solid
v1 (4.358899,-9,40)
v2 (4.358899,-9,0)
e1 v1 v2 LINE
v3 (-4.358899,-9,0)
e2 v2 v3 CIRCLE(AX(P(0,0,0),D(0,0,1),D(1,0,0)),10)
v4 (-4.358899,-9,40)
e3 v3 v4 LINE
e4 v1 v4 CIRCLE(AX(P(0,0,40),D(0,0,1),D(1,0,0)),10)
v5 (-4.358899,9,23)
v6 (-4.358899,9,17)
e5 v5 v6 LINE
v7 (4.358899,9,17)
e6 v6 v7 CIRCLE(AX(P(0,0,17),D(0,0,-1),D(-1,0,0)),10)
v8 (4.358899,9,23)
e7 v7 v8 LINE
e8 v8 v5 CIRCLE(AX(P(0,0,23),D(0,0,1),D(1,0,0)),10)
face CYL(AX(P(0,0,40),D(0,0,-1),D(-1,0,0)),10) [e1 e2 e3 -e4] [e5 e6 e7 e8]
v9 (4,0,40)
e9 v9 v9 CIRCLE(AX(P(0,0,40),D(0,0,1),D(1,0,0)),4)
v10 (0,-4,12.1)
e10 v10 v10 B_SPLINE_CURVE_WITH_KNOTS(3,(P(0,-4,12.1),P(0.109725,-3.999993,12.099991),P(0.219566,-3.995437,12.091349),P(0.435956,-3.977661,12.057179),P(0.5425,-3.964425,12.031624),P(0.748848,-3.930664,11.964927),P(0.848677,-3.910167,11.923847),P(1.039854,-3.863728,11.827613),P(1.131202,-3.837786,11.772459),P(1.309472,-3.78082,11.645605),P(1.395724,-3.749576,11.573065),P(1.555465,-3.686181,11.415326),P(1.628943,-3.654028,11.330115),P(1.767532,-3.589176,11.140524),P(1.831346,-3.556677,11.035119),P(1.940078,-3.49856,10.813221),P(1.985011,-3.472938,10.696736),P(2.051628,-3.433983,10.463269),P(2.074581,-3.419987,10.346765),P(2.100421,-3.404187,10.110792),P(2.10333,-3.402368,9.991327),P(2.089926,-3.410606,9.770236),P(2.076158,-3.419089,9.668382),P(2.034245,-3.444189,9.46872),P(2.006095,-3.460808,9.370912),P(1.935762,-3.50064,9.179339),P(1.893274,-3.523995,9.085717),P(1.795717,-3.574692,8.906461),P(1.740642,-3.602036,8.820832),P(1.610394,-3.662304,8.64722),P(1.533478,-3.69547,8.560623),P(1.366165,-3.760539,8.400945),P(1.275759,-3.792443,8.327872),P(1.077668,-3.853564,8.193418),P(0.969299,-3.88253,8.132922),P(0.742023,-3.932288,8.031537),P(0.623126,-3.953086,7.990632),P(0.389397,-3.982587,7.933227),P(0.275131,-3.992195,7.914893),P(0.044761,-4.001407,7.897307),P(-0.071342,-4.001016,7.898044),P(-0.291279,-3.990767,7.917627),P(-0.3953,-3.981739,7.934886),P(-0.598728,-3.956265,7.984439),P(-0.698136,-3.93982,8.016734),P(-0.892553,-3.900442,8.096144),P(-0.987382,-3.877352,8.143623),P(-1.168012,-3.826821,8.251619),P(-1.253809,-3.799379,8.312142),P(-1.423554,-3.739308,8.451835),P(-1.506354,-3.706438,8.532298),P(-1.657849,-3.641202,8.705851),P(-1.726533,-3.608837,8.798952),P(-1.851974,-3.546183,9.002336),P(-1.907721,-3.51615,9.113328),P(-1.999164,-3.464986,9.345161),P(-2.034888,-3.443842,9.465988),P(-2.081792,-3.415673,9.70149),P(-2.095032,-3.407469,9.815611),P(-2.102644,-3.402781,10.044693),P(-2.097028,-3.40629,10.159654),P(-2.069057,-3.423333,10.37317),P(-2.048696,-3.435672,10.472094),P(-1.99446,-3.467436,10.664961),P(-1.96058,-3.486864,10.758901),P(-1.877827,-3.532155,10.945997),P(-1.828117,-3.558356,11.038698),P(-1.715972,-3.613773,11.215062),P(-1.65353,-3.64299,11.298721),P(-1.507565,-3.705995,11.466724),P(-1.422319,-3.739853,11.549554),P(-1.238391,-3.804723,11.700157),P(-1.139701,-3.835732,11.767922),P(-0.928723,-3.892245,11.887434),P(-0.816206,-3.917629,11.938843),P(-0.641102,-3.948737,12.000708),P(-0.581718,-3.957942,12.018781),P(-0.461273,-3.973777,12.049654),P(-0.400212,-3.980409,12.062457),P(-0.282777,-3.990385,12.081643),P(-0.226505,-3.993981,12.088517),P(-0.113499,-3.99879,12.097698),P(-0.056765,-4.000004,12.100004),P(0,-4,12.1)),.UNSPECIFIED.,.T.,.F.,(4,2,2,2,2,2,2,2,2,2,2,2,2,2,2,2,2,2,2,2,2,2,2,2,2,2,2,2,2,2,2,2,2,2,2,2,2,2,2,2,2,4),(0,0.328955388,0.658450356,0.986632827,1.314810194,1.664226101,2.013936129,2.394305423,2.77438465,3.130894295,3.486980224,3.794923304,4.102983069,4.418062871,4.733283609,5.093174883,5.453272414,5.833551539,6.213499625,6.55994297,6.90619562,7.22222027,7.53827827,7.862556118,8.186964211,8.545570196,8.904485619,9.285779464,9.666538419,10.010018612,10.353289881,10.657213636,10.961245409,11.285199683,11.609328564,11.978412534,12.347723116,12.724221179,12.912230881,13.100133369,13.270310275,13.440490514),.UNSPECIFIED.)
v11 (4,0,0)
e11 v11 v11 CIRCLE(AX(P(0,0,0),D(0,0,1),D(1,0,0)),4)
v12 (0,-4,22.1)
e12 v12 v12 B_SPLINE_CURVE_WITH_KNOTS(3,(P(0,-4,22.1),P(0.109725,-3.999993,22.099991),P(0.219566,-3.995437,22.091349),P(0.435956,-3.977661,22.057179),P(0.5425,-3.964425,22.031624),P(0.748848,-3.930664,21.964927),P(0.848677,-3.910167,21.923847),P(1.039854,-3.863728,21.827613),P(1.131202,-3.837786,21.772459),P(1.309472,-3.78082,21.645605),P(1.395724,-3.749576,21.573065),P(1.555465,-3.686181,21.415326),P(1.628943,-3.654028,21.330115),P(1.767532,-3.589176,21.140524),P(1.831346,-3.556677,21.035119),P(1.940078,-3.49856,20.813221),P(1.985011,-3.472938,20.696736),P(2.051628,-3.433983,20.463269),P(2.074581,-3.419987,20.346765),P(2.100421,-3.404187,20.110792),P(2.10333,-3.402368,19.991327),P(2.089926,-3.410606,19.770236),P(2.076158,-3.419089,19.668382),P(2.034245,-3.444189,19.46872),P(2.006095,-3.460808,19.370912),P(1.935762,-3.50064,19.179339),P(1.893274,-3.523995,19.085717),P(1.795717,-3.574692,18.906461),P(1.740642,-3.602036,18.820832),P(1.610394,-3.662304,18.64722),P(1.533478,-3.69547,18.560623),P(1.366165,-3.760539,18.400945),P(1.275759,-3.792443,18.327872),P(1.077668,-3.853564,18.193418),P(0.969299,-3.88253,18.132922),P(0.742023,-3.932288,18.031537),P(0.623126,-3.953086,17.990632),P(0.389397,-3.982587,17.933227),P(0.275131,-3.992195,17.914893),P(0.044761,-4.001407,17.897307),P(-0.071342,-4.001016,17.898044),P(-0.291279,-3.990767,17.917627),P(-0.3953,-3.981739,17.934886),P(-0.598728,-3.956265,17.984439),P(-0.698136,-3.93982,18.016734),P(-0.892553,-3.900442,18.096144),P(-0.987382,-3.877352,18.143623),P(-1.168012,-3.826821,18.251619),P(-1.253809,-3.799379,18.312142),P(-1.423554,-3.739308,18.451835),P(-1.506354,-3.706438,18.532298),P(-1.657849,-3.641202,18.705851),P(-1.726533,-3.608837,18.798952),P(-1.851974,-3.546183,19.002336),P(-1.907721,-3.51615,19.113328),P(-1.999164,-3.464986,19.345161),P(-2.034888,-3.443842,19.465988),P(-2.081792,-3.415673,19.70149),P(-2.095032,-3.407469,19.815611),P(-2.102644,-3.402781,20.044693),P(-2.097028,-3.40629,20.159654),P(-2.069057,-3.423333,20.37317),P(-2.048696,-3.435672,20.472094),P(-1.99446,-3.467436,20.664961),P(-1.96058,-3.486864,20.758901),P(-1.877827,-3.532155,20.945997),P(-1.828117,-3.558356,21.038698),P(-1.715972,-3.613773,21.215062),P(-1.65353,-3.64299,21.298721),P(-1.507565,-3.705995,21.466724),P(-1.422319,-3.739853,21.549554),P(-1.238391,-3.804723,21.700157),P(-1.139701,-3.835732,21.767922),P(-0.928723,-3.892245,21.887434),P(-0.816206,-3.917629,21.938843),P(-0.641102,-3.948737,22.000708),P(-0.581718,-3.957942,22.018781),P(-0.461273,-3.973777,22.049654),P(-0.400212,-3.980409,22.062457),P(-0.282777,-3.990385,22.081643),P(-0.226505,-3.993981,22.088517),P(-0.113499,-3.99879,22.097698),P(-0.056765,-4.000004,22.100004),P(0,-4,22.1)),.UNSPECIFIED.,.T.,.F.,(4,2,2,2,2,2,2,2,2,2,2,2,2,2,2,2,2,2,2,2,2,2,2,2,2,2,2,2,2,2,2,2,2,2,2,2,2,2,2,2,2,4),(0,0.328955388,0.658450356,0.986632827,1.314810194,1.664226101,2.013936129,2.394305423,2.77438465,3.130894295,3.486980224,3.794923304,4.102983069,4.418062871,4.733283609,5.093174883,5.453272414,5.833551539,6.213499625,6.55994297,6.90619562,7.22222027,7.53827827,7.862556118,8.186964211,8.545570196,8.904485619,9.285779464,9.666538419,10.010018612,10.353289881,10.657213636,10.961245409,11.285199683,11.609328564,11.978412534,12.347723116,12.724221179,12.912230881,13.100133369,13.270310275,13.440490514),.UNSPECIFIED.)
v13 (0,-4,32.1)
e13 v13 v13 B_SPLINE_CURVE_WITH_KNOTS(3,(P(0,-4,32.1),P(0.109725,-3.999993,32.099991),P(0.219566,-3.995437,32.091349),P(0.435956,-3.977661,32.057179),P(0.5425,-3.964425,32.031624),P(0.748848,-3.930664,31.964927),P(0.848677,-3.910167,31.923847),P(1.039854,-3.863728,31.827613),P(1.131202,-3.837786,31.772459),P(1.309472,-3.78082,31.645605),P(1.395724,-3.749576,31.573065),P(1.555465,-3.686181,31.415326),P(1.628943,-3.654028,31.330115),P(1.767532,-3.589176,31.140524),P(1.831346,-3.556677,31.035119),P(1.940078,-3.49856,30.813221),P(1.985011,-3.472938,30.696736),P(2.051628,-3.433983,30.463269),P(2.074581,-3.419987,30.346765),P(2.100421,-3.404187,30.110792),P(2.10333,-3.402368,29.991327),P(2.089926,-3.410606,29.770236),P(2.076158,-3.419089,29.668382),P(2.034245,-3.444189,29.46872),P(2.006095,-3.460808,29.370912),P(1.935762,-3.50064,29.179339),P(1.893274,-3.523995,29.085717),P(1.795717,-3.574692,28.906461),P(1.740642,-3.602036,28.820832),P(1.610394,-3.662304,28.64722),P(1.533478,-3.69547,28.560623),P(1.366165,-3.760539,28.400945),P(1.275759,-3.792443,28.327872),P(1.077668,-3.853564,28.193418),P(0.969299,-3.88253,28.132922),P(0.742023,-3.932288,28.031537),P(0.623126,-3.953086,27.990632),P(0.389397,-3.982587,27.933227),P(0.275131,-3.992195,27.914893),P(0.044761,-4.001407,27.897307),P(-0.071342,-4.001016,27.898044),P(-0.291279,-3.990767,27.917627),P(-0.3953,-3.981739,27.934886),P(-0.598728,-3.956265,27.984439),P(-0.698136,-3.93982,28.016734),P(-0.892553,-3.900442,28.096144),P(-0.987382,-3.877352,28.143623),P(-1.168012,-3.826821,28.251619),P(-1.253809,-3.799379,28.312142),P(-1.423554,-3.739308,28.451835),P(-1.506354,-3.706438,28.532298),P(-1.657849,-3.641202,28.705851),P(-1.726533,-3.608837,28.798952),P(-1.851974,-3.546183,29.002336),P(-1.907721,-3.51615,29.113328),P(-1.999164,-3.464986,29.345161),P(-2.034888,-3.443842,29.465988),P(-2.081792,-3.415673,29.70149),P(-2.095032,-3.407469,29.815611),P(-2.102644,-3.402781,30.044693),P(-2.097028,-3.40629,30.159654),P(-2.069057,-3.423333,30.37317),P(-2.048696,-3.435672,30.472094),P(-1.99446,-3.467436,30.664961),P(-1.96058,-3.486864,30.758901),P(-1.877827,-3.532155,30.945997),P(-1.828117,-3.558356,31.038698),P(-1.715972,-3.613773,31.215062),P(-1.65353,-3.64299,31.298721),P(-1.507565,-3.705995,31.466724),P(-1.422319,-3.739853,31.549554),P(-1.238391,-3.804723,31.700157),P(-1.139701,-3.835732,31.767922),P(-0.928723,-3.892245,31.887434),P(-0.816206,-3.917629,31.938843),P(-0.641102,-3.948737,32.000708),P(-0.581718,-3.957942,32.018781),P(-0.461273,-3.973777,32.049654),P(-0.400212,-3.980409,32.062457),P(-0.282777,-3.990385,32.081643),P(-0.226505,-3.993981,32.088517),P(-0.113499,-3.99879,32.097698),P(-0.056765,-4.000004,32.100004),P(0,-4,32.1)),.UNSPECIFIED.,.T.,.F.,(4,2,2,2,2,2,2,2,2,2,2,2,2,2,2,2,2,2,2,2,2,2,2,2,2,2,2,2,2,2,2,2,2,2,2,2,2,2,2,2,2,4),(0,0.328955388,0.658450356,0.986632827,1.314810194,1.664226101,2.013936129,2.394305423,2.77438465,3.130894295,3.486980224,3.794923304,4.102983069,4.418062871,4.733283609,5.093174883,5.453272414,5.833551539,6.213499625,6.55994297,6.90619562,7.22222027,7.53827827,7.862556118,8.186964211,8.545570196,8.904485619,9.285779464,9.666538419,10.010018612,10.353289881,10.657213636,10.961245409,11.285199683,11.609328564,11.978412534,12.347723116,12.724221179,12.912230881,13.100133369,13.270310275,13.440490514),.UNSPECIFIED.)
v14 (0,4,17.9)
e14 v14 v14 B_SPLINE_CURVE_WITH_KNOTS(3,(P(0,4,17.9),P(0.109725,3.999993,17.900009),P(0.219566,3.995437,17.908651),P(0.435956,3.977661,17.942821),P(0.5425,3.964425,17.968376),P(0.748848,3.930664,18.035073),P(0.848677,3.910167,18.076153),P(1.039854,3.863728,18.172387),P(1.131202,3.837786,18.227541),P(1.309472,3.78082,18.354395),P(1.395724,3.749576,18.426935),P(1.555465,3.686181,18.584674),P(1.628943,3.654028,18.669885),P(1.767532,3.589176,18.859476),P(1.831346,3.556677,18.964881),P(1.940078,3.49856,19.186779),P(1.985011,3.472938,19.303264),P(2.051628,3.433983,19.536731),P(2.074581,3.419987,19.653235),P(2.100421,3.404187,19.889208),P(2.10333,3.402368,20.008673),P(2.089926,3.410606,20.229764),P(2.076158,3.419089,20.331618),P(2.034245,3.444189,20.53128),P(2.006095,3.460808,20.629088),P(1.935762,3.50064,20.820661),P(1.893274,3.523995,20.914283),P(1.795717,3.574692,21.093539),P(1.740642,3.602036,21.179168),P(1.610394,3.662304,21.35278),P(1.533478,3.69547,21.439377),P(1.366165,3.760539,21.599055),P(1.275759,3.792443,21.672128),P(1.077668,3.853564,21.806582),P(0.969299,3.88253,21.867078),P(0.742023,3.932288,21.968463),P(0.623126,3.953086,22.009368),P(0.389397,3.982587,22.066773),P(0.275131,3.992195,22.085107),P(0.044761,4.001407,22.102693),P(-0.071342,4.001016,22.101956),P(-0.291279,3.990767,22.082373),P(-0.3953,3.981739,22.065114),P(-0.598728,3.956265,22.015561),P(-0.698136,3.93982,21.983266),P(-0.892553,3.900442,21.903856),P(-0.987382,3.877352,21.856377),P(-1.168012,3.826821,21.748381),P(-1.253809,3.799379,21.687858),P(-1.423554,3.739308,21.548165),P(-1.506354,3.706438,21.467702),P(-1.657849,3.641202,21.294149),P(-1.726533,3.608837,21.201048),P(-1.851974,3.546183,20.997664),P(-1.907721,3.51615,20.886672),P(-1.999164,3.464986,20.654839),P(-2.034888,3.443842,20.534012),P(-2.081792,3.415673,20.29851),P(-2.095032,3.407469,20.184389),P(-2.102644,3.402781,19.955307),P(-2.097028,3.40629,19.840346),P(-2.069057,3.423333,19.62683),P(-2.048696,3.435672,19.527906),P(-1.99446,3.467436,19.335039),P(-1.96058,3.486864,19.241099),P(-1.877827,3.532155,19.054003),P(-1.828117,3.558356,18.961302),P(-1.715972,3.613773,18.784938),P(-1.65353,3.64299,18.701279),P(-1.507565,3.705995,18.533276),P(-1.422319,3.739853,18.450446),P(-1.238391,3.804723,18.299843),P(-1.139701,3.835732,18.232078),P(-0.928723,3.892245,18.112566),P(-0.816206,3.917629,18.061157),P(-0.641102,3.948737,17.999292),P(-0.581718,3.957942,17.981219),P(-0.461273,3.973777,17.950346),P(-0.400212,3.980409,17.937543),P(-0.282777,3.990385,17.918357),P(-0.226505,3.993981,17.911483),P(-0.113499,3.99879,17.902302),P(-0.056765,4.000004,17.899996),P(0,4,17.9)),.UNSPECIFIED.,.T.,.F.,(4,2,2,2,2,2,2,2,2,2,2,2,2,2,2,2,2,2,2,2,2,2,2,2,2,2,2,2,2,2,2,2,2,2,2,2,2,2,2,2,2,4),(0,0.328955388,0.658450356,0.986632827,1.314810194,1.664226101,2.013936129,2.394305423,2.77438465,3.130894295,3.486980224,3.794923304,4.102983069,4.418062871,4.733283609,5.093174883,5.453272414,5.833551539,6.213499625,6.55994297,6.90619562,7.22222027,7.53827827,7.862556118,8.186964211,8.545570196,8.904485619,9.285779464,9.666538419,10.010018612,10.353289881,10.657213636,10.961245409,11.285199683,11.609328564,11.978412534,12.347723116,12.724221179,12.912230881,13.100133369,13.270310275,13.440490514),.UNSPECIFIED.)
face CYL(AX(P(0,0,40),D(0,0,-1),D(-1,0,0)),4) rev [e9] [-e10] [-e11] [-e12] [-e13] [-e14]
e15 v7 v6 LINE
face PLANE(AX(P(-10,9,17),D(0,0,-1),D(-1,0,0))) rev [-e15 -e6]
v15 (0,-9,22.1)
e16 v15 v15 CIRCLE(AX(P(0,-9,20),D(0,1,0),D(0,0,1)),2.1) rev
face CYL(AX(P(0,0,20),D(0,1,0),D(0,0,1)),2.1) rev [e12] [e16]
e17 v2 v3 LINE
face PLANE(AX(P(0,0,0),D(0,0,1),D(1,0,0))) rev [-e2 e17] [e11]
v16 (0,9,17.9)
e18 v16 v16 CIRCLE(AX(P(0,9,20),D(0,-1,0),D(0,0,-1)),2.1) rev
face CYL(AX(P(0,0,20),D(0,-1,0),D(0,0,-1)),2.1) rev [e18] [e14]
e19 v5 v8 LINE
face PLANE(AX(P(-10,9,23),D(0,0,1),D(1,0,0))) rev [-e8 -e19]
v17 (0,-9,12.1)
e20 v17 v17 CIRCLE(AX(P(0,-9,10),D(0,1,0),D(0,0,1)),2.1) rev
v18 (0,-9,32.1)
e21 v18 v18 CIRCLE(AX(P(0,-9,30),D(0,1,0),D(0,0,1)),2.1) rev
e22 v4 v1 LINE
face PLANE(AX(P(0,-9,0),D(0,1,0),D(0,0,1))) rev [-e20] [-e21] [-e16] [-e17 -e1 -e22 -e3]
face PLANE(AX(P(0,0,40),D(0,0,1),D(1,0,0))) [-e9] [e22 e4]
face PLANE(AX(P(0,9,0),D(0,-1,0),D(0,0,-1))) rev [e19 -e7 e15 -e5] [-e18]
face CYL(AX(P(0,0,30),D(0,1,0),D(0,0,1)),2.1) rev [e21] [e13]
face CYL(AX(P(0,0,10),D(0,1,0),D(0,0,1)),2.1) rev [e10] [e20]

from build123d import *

# Parameters (mm, degrees)
SKETCH1_R                           = 10
SKETCH1_R_2                         = 4
BOSS_EXTRUDE1_DEPTH                 = 40
SKETCH4_W                           = 2.1
SKETCH4_H                           = 10
CUT_EXTRUDE1_START                  = 10
SKETCH5_W                           = 20
SKETCH5_H                           = 6
CUT_EXTRUDE1_DEPTH                  = 1
SKETCH7_W                           = 2.1
SKETCH7_H                           = 10
F_4_2_4_2_DIAMETER_HOLE1_AT_2_COUNT = 2
F_4_2_4_2_DIAMETER_HOLE1_AT_2_PITCH = 10
F_4_2_4_2_DIAMETER_HOLE1_AT_3_COUNT = 2
F_4_2_4_2_DIAMETER_HOLE1_AT_3_PITCH = 20
CUT_EXTRUDE3_START                  = -10
SKETCH8_W                           = 20
SKETCH8_H                           = 40
CUT_EXTRUDE3_DEPTH                  = 1


with BuildPart() as part:
    # Sketch1 → Boss-Extrude1 (new body)
    with BuildSketch(Plane.XY):
        Circle(SKETCH1_R)
        Circle(SKETCH1_R_2, mode=Mode.SUBTRACT)
    extrude(amount=BOSS_EXTRUDE1_DEPTH)

    # Sketch4 → Ø4.2 (4.2) Diameter Hole2 (revolve, cut)
    with BuildSketch(Plane(origin=(0, 0, 20), x_dir=(0, 0, -1), z_dir=(1, 0, 0))):
        with Locations((1.05, 5)):
            Rectangle(SKETCH4_W, SKETCH4_H)
    revolve(axis=Axis((0, -6.35, 20), (0, 1, 0)), mode=Mode.SUBTRACT)

    # Sketch5 → Cut-Extrude1 (cut)
    with BuildSketch(Plane(origin=(0, 0, 0), x_dir=(1, 0, 0), z_dir=(0, 1, 0)).offset(CUT_EXTRUDE1_START)):
        with Locations((0, -20)):
            Rectangle(SKETCH5_W, SKETCH5_H)
    extrude(amount=-CUT_EXTRUDE1_DEPTH, mode=Mode.SUBTRACT)

    # Sketch7 → Ø4.2 (4.2) Diameter Hole1 (revolve, cut)
    with BuildSketch(Plane(origin=(0, 0, 30), x_dir=(0, 0, 1), z_dir=(1, 0, 0))):
        with Locations((1.05, 5)):
            Rectangle(SKETCH7_W, SKETCH7_H)
    f_4_2_4_2_diameter_hole1 = revolve(axis=Axis((0, 6.35, 30), (0, -1, 0)), mode=Mode.SUBTRACT)

    # Ø4.2 (4.2) Diameter Hole1 at 2: Ø4.2 (4.2) Diameter Hole1 ×2
    with Locations(*[(0, 0, -i * F_4_2_4_2_DIAMETER_HOLE1_AT_2_PITCH) for i in range(1, F_4_2_4_2_DIAMETER_HOLE1_AT_2_COUNT)]):
        add(f_4_2_4_2_diameter_hole1, mode=Mode.SUBTRACT)

    # Ø4.2 (4.2) Diameter Hole1 at 3: Ø4.2 (4.2) Diameter Hole1 ×2
    with Locations(*[(0, 0, -i * F_4_2_4_2_DIAMETER_HOLE1_AT_3_PITCH) for i in range(1, F_4_2_4_2_DIAMETER_HOLE1_AT_3_COUNT)]):
        add(f_4_2_4_2_diameter_hole1, mode=Mode.SUBTRACT)

    # Sketch8 → Cut-Extrude3 (cut)
    with BuildSketch(Plane(origin=(0, 0, 0), x_dir=(1, 0, 0), z_dir=(0, 1, 0)).offset(CUT_EXTRUDE3_START)):
        with Locations((0, -20)):
            Rectangle(SKETCH8_W, SKETCH8_H)
    extrude(amount=CUT_EXTRUDE3_DEPTH, mode=Mode.SUBTRACT)


solid = part.part
